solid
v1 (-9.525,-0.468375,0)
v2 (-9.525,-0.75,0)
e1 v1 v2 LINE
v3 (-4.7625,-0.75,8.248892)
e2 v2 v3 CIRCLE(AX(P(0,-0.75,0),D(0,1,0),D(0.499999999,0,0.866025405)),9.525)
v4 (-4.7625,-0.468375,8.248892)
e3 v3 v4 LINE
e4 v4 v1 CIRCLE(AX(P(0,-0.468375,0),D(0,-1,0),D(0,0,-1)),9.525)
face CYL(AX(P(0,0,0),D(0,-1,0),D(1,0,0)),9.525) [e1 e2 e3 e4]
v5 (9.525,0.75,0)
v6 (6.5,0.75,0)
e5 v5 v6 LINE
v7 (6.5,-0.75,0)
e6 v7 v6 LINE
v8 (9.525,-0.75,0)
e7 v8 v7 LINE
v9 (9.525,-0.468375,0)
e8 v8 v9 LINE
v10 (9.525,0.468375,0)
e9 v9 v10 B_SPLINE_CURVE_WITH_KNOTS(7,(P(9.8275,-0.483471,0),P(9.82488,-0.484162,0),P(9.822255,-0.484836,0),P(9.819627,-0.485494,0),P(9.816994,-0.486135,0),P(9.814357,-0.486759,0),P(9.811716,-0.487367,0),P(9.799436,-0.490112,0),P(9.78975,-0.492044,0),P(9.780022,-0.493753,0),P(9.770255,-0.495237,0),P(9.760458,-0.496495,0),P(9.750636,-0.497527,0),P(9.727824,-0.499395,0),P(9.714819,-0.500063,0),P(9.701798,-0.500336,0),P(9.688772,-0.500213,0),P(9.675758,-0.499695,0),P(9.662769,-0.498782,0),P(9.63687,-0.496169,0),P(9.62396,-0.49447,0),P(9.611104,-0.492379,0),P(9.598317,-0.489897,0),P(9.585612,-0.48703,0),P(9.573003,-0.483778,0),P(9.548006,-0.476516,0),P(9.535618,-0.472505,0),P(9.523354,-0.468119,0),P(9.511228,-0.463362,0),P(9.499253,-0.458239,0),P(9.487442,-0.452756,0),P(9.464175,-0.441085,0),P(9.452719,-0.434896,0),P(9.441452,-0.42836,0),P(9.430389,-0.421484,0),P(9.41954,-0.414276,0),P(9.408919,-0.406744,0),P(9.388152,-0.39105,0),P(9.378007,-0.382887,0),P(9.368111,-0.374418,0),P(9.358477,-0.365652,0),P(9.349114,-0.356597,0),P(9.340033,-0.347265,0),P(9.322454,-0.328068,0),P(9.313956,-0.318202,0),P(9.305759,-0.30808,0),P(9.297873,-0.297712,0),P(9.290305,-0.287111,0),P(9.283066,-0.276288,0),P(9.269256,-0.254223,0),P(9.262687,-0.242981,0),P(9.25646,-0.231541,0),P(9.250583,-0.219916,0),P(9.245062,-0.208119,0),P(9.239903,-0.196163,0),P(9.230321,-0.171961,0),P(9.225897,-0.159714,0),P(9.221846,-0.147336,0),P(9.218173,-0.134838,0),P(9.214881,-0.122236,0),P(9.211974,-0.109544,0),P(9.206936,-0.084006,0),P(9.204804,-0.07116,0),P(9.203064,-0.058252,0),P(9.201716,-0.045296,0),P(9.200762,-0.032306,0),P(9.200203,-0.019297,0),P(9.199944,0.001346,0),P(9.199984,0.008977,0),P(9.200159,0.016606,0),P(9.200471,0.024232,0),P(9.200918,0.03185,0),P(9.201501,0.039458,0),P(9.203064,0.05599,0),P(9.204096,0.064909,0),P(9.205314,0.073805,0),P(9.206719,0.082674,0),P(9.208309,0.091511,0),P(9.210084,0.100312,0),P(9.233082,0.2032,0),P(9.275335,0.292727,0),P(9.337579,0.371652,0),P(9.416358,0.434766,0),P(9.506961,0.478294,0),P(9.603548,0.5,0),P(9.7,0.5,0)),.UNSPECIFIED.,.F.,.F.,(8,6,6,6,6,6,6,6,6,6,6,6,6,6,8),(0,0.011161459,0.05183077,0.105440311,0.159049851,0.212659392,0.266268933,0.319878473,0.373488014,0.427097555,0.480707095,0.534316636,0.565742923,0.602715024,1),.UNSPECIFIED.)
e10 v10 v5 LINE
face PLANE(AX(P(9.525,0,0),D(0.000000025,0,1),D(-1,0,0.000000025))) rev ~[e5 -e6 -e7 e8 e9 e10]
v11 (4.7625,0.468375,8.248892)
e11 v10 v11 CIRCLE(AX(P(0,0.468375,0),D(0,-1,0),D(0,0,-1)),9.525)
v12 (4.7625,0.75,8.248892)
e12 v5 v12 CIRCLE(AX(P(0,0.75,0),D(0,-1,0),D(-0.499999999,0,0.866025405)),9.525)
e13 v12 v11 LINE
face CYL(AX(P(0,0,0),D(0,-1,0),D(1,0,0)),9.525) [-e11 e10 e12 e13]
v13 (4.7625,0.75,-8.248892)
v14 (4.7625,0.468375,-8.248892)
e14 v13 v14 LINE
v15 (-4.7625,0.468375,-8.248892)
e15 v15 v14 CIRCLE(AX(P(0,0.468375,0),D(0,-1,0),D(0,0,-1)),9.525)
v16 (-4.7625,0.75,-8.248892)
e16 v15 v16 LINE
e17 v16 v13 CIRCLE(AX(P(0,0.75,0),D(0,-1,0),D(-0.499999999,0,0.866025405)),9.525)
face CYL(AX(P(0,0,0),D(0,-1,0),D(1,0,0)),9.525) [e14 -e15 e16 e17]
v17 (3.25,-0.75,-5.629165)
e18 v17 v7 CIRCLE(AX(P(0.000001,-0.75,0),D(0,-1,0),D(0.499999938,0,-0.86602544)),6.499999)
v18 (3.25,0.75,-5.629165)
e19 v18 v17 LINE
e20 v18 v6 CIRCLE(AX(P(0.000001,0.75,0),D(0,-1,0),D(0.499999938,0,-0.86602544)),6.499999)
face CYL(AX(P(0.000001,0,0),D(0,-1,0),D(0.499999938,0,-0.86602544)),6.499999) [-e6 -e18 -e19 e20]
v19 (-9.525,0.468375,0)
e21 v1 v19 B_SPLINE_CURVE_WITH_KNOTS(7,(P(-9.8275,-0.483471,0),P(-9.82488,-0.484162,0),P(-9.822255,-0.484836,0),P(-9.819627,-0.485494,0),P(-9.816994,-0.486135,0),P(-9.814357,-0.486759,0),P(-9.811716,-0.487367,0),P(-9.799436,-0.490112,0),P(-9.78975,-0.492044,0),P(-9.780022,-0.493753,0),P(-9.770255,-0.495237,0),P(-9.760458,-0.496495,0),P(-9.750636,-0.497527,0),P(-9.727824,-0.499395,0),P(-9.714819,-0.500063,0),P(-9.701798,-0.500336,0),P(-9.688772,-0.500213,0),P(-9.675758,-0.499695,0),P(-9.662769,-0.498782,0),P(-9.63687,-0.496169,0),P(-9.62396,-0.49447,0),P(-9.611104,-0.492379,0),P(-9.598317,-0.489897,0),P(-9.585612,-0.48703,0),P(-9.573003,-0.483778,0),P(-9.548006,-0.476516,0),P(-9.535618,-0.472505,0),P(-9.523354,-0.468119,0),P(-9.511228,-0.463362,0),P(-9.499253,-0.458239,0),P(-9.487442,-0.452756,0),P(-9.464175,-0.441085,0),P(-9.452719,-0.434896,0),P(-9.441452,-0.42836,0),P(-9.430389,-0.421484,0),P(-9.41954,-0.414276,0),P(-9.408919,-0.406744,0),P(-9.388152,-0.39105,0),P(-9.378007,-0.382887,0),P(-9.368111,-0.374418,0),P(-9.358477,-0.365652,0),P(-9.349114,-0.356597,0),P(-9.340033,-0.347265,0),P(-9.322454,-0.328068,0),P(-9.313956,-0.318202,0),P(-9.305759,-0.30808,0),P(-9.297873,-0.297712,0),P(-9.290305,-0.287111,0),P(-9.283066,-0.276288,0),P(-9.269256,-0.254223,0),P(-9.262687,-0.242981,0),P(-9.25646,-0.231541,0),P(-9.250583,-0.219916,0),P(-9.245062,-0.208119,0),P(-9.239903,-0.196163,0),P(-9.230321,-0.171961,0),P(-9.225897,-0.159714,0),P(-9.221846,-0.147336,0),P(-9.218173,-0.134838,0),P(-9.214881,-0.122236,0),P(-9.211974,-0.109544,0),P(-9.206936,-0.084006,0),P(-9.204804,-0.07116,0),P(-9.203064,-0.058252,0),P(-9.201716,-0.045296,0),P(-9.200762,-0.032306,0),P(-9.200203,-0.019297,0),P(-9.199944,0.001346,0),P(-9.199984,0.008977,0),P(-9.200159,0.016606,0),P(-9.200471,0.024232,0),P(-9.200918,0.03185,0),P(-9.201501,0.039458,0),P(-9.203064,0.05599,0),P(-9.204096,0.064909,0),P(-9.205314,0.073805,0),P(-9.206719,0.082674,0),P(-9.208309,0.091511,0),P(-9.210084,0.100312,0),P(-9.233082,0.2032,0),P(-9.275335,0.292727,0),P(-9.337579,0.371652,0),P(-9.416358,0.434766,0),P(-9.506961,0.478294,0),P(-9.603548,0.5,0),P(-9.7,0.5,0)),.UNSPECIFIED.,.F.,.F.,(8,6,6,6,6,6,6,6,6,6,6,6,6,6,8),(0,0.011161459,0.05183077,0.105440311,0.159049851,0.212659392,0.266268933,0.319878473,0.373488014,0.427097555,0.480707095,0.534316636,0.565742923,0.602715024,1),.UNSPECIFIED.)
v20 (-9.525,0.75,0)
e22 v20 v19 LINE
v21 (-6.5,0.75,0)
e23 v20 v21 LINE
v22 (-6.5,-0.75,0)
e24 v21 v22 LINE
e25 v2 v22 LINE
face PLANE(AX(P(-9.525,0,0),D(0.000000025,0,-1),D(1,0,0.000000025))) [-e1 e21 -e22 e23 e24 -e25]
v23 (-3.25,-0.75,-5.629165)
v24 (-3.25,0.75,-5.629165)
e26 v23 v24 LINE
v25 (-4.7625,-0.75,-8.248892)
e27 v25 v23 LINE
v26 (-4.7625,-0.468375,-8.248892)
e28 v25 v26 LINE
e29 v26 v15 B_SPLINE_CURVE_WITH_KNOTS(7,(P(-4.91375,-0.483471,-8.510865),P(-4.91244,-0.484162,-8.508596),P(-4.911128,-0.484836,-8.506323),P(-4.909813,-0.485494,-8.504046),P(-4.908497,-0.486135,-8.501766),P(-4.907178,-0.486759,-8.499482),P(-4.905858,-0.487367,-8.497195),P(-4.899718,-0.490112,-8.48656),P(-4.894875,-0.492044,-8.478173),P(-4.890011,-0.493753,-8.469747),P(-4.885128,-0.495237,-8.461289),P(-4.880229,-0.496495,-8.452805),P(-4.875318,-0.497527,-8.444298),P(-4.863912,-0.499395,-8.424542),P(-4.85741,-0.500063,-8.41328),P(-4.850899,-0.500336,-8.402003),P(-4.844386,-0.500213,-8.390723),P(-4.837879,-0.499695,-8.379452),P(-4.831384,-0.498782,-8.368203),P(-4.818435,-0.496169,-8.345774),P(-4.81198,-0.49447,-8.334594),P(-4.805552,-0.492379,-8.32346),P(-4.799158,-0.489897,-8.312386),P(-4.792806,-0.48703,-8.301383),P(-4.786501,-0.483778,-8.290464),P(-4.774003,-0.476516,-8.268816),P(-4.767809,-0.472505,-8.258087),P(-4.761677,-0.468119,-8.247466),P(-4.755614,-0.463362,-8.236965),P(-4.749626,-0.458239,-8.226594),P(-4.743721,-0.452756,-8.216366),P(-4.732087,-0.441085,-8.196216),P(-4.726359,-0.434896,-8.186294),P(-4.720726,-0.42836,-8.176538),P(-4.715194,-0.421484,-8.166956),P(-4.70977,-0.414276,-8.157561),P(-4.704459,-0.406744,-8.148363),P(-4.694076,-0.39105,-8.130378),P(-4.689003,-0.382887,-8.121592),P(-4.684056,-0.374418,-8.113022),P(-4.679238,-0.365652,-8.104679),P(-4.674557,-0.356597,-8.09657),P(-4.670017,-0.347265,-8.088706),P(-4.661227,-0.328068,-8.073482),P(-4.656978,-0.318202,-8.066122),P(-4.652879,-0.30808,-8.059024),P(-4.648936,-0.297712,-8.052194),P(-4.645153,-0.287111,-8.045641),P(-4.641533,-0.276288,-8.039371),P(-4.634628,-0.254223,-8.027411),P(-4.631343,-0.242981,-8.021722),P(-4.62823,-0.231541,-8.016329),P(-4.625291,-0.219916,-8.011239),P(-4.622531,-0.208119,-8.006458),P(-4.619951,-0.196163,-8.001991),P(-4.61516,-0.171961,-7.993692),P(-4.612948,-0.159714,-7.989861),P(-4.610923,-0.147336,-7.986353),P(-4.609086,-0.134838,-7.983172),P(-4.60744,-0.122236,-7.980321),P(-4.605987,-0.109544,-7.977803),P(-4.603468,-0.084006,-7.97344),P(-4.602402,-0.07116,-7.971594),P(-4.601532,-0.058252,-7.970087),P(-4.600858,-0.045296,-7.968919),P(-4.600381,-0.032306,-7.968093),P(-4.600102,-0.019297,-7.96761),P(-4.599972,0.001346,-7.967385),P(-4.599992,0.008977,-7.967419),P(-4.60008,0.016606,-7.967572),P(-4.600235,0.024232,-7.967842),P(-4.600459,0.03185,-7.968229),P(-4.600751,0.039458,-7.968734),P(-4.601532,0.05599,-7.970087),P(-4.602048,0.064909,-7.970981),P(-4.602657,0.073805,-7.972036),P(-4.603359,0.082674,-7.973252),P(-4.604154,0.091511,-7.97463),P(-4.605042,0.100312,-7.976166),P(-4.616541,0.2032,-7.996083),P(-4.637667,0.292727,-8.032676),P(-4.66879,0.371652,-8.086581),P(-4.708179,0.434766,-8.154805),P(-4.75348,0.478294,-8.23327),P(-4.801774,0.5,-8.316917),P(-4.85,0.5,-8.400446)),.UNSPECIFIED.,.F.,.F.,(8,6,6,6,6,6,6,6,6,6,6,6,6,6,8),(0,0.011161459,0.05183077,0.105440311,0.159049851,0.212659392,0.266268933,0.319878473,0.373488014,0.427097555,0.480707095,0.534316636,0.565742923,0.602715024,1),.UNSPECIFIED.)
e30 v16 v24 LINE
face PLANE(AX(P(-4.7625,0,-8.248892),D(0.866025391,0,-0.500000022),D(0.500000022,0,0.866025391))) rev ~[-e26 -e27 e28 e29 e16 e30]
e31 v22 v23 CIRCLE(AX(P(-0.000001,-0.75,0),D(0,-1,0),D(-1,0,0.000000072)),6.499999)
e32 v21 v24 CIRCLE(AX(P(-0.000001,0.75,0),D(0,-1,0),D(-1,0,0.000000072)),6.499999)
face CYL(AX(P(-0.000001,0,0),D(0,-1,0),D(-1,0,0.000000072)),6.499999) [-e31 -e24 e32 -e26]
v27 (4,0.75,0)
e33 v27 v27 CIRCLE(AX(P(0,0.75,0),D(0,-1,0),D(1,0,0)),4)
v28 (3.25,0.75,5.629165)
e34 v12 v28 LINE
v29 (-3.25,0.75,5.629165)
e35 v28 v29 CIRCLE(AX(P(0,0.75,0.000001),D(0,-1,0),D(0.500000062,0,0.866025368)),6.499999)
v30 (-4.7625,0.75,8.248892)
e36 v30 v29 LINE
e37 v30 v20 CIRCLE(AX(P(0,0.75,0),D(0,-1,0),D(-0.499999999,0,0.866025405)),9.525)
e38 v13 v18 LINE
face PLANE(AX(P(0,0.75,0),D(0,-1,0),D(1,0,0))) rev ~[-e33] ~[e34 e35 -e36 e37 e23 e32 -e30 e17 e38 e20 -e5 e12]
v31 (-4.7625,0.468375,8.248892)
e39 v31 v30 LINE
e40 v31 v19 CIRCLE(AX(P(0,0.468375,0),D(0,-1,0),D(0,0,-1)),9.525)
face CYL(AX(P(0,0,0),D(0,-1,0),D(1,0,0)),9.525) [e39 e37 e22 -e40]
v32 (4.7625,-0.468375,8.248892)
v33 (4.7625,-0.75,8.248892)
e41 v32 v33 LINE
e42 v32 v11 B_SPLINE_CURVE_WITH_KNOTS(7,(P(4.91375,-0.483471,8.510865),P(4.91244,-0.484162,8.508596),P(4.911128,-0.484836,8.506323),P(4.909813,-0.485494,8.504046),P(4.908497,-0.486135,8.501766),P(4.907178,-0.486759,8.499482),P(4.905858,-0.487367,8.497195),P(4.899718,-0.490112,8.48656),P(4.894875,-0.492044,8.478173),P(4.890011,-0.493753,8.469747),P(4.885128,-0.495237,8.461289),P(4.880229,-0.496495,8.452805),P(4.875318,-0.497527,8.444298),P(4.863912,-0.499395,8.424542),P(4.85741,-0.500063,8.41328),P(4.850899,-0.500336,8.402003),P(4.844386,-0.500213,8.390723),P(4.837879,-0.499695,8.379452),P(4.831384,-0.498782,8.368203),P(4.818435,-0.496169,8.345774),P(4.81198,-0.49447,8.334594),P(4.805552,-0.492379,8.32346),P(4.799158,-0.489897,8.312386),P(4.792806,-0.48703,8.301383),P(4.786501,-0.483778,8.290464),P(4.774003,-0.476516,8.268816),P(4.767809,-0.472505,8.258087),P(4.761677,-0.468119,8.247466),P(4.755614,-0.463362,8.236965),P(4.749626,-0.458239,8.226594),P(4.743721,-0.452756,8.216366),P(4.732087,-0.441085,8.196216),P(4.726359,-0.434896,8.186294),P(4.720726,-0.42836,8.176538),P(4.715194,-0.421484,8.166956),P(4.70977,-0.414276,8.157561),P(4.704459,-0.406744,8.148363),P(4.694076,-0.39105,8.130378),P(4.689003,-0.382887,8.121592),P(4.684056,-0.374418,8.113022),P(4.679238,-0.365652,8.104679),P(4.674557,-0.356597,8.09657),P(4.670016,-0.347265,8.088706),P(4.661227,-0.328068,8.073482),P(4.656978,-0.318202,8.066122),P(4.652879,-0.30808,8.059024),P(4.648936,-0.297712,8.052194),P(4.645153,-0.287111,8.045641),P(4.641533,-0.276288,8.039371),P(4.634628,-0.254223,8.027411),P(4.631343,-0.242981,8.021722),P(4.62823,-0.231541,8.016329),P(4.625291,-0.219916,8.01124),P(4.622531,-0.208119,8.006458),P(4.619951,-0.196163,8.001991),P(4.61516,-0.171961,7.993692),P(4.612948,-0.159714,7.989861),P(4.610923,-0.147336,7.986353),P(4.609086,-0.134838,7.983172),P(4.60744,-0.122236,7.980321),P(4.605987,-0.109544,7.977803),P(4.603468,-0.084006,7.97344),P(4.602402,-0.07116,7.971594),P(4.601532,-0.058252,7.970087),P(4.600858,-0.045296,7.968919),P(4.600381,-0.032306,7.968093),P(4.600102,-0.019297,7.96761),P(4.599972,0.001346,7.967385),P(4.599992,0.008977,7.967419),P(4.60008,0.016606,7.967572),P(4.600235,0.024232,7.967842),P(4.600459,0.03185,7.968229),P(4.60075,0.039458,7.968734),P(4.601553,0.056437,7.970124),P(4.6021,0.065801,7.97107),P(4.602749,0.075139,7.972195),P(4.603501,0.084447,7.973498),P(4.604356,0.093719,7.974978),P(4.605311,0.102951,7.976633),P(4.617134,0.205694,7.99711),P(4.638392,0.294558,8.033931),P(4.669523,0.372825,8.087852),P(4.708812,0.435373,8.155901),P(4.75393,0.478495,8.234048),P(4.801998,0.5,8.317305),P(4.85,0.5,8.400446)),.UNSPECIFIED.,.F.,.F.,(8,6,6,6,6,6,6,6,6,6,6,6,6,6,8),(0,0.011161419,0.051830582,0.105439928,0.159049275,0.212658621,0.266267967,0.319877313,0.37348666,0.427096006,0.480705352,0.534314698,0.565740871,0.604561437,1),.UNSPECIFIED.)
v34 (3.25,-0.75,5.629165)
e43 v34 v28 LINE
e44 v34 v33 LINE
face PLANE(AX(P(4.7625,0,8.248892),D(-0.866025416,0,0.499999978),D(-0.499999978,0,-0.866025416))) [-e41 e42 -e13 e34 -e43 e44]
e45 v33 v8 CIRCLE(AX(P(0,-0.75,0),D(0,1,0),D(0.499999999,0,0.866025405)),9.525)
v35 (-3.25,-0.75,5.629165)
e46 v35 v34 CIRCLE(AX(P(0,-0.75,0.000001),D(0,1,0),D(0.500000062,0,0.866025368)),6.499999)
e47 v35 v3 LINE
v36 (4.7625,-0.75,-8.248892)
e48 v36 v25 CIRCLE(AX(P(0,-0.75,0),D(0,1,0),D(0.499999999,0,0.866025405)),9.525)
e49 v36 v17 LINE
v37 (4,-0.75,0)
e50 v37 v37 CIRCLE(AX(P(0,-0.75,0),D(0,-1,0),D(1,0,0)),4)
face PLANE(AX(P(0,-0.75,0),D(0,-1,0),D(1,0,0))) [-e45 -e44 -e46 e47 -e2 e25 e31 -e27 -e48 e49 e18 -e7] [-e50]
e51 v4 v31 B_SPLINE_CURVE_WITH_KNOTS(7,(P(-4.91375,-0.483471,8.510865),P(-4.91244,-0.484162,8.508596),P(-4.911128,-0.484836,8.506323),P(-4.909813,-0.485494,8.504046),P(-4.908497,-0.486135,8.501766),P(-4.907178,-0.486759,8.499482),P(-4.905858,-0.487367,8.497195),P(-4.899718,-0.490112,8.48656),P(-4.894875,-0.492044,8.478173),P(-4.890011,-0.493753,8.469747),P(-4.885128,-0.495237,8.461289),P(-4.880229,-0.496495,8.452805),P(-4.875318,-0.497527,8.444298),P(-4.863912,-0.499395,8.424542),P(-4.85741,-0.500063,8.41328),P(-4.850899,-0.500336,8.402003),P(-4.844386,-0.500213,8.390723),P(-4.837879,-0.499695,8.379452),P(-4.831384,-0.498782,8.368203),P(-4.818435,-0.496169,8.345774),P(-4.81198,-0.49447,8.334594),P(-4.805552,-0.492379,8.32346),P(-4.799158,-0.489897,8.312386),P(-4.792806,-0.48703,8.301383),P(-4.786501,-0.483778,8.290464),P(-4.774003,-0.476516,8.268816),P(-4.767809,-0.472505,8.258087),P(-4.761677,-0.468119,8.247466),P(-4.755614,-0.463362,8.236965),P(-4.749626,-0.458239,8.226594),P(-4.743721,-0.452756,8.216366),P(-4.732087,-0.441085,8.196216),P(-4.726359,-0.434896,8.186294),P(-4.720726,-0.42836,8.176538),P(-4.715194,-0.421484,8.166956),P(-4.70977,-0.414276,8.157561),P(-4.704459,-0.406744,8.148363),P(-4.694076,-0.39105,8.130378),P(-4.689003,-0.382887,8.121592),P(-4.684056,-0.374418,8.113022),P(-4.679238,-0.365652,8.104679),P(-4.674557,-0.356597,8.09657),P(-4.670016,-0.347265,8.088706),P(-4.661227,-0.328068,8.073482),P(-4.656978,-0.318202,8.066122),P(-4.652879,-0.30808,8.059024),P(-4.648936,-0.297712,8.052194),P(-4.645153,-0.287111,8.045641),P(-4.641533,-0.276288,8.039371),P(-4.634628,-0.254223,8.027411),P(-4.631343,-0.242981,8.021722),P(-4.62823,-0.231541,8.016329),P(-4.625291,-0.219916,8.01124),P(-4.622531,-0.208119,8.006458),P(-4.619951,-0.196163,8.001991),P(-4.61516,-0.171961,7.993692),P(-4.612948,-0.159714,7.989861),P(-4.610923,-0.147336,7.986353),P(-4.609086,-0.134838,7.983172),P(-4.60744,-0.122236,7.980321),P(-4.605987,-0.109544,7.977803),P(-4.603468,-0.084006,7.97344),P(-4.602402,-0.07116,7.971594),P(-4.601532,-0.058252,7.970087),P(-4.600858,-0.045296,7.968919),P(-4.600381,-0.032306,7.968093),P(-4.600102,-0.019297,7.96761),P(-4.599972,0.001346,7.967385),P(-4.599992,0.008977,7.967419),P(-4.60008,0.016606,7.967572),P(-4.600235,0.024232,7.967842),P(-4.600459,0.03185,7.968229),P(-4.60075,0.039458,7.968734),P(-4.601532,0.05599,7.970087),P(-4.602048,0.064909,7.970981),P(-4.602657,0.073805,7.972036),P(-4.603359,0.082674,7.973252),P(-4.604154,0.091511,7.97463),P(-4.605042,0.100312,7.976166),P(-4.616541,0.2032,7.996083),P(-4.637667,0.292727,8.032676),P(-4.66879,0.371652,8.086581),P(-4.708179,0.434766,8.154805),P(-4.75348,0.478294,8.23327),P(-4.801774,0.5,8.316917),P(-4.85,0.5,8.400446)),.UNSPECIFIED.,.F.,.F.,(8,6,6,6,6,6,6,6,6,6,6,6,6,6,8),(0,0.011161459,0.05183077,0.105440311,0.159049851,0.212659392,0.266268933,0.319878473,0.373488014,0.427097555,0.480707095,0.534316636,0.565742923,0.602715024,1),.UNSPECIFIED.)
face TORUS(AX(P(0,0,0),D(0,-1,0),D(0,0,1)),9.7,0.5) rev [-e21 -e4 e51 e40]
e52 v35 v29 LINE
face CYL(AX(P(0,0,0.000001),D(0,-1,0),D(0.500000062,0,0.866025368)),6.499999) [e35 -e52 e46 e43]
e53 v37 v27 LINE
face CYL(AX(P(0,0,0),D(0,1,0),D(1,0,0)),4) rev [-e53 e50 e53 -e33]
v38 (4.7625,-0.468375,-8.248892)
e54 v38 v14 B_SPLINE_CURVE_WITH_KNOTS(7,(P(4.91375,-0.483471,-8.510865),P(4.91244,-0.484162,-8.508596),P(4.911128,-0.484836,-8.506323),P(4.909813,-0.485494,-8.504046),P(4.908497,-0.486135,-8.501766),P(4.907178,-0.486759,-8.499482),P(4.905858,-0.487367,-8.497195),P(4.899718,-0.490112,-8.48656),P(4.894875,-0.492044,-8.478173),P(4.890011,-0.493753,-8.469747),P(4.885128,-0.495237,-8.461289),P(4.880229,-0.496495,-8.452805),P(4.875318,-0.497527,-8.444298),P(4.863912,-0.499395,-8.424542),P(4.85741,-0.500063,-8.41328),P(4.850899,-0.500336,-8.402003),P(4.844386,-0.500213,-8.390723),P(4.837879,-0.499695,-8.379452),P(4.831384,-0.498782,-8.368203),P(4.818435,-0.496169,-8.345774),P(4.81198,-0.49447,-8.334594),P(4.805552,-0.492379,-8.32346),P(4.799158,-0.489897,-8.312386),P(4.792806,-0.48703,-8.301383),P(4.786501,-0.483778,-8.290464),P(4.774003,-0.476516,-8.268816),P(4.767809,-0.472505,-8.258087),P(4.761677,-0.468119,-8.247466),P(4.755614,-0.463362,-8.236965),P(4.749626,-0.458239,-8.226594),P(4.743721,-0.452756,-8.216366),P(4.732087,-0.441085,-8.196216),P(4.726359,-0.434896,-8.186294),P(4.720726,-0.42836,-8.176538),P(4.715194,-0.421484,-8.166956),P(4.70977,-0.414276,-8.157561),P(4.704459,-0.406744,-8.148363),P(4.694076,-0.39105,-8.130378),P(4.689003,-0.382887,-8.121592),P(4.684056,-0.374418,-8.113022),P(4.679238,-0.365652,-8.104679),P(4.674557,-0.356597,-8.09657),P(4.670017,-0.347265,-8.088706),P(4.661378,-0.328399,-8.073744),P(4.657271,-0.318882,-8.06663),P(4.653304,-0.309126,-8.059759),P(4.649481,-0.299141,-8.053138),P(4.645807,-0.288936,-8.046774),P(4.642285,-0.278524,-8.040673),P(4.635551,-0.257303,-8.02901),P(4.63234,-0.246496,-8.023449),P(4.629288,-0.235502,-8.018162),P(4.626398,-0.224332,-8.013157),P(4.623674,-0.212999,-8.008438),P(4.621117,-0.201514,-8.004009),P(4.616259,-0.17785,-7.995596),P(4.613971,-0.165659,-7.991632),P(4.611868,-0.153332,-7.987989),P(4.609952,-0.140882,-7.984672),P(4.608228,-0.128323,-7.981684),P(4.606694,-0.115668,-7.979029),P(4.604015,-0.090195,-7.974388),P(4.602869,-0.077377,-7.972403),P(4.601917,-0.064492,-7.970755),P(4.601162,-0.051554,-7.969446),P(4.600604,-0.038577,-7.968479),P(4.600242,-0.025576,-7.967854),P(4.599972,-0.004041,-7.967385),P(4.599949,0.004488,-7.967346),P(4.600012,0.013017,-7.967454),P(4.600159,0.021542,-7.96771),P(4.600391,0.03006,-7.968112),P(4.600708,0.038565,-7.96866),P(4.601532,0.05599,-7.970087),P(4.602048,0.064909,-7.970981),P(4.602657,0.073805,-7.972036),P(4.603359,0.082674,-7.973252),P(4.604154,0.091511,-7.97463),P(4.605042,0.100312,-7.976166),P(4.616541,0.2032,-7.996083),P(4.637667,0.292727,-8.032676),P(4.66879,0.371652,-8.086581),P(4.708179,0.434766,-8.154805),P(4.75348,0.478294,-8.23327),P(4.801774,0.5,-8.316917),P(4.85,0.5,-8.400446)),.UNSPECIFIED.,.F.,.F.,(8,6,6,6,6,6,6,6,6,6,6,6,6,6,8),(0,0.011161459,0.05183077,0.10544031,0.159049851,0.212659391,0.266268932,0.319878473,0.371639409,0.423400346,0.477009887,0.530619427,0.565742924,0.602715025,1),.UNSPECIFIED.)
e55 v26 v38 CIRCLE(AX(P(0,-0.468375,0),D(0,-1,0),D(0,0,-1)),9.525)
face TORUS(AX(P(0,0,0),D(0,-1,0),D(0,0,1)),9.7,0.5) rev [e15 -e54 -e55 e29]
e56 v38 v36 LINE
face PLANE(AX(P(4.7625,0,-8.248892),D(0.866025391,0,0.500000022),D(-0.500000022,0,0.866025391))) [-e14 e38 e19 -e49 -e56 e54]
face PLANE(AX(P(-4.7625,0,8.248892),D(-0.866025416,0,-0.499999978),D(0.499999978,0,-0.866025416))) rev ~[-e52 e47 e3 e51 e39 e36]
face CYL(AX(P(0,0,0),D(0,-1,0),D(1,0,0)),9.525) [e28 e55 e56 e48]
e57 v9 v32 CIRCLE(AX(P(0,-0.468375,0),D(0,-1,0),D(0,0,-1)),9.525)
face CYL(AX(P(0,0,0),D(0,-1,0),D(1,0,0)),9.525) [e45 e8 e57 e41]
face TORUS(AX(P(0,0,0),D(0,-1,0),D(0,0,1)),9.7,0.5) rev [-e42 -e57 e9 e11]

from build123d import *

# Parameters (mm, degrees)
SKETCH005_R          = 9.525
SKETCH005_R_2        = 4
PAD001_DEPTH         = 0.75
POCKET001_DEPTH      = 54.715989
POCKET001_DEPTH_BACK = 54.715989
POLARPATTERN_COUNT   = 3
SKETCH007_R          = 0.5


with BuildPart() as part:
    # Sketch005 → Pad001 (new body, symmetric)
    with BuildSketch(Plane.XZ):
        Circle(SKETCH005_R)
        Circle(SKETCH005_R_2, mode=Mode.SUBTRACT)
    extrude(amount=PAD001_DEPTH, both=True)

    # Sketch006 → Pocket001 (cut, two sides)
    with BuildSketch(Plane.XZ) as pocket001_sk:
        with BuildLine():
            ThreePointArc((3.25, 5.629165), (0, 6.5), (-3.25, 5.629165))
            Line((-4.7625, 8.248892), (-3.25, 5.629165))
            ThreePointArc((4.7625, 8.248892), (0, 9.525), (-4.7625, 8.248892))
            Line((4.7625, 8.248892), (3.25, 5.629165))
        make_face()
    pocket001 = extrude(amount=-POCKET001_DEPTH, mode=Mode.SUBTRACT) + extrude(pocket001_sk.sketch, amount=POCKET001_DEPTH_BACK, mode=Mode.SUBTRACT)

    # PolarPattern: Pocket001 ×3 about axis
    polarpattern_axis = Axis((0, 0, 0), (0, -1, 0))
    for i in range(1, POLARPATTERN_COUNT):
        add(pocket001.rotate(polarpattern_axis, i * 360 / POLARPATTERN_COUNT), mode=Mode.SUBTRACT)

    # Sketch007 → Groove001 (revolve, cut)
    with BuildSketch(Plane.YZ):
        with Locations((0, 9.7)):
            Circle(SKETCH007_R)
    revolve(axis=Axis((0, 0, 0), (0, 1, 0)), mode=Mode.SUBTRACT)


solid = part.part
